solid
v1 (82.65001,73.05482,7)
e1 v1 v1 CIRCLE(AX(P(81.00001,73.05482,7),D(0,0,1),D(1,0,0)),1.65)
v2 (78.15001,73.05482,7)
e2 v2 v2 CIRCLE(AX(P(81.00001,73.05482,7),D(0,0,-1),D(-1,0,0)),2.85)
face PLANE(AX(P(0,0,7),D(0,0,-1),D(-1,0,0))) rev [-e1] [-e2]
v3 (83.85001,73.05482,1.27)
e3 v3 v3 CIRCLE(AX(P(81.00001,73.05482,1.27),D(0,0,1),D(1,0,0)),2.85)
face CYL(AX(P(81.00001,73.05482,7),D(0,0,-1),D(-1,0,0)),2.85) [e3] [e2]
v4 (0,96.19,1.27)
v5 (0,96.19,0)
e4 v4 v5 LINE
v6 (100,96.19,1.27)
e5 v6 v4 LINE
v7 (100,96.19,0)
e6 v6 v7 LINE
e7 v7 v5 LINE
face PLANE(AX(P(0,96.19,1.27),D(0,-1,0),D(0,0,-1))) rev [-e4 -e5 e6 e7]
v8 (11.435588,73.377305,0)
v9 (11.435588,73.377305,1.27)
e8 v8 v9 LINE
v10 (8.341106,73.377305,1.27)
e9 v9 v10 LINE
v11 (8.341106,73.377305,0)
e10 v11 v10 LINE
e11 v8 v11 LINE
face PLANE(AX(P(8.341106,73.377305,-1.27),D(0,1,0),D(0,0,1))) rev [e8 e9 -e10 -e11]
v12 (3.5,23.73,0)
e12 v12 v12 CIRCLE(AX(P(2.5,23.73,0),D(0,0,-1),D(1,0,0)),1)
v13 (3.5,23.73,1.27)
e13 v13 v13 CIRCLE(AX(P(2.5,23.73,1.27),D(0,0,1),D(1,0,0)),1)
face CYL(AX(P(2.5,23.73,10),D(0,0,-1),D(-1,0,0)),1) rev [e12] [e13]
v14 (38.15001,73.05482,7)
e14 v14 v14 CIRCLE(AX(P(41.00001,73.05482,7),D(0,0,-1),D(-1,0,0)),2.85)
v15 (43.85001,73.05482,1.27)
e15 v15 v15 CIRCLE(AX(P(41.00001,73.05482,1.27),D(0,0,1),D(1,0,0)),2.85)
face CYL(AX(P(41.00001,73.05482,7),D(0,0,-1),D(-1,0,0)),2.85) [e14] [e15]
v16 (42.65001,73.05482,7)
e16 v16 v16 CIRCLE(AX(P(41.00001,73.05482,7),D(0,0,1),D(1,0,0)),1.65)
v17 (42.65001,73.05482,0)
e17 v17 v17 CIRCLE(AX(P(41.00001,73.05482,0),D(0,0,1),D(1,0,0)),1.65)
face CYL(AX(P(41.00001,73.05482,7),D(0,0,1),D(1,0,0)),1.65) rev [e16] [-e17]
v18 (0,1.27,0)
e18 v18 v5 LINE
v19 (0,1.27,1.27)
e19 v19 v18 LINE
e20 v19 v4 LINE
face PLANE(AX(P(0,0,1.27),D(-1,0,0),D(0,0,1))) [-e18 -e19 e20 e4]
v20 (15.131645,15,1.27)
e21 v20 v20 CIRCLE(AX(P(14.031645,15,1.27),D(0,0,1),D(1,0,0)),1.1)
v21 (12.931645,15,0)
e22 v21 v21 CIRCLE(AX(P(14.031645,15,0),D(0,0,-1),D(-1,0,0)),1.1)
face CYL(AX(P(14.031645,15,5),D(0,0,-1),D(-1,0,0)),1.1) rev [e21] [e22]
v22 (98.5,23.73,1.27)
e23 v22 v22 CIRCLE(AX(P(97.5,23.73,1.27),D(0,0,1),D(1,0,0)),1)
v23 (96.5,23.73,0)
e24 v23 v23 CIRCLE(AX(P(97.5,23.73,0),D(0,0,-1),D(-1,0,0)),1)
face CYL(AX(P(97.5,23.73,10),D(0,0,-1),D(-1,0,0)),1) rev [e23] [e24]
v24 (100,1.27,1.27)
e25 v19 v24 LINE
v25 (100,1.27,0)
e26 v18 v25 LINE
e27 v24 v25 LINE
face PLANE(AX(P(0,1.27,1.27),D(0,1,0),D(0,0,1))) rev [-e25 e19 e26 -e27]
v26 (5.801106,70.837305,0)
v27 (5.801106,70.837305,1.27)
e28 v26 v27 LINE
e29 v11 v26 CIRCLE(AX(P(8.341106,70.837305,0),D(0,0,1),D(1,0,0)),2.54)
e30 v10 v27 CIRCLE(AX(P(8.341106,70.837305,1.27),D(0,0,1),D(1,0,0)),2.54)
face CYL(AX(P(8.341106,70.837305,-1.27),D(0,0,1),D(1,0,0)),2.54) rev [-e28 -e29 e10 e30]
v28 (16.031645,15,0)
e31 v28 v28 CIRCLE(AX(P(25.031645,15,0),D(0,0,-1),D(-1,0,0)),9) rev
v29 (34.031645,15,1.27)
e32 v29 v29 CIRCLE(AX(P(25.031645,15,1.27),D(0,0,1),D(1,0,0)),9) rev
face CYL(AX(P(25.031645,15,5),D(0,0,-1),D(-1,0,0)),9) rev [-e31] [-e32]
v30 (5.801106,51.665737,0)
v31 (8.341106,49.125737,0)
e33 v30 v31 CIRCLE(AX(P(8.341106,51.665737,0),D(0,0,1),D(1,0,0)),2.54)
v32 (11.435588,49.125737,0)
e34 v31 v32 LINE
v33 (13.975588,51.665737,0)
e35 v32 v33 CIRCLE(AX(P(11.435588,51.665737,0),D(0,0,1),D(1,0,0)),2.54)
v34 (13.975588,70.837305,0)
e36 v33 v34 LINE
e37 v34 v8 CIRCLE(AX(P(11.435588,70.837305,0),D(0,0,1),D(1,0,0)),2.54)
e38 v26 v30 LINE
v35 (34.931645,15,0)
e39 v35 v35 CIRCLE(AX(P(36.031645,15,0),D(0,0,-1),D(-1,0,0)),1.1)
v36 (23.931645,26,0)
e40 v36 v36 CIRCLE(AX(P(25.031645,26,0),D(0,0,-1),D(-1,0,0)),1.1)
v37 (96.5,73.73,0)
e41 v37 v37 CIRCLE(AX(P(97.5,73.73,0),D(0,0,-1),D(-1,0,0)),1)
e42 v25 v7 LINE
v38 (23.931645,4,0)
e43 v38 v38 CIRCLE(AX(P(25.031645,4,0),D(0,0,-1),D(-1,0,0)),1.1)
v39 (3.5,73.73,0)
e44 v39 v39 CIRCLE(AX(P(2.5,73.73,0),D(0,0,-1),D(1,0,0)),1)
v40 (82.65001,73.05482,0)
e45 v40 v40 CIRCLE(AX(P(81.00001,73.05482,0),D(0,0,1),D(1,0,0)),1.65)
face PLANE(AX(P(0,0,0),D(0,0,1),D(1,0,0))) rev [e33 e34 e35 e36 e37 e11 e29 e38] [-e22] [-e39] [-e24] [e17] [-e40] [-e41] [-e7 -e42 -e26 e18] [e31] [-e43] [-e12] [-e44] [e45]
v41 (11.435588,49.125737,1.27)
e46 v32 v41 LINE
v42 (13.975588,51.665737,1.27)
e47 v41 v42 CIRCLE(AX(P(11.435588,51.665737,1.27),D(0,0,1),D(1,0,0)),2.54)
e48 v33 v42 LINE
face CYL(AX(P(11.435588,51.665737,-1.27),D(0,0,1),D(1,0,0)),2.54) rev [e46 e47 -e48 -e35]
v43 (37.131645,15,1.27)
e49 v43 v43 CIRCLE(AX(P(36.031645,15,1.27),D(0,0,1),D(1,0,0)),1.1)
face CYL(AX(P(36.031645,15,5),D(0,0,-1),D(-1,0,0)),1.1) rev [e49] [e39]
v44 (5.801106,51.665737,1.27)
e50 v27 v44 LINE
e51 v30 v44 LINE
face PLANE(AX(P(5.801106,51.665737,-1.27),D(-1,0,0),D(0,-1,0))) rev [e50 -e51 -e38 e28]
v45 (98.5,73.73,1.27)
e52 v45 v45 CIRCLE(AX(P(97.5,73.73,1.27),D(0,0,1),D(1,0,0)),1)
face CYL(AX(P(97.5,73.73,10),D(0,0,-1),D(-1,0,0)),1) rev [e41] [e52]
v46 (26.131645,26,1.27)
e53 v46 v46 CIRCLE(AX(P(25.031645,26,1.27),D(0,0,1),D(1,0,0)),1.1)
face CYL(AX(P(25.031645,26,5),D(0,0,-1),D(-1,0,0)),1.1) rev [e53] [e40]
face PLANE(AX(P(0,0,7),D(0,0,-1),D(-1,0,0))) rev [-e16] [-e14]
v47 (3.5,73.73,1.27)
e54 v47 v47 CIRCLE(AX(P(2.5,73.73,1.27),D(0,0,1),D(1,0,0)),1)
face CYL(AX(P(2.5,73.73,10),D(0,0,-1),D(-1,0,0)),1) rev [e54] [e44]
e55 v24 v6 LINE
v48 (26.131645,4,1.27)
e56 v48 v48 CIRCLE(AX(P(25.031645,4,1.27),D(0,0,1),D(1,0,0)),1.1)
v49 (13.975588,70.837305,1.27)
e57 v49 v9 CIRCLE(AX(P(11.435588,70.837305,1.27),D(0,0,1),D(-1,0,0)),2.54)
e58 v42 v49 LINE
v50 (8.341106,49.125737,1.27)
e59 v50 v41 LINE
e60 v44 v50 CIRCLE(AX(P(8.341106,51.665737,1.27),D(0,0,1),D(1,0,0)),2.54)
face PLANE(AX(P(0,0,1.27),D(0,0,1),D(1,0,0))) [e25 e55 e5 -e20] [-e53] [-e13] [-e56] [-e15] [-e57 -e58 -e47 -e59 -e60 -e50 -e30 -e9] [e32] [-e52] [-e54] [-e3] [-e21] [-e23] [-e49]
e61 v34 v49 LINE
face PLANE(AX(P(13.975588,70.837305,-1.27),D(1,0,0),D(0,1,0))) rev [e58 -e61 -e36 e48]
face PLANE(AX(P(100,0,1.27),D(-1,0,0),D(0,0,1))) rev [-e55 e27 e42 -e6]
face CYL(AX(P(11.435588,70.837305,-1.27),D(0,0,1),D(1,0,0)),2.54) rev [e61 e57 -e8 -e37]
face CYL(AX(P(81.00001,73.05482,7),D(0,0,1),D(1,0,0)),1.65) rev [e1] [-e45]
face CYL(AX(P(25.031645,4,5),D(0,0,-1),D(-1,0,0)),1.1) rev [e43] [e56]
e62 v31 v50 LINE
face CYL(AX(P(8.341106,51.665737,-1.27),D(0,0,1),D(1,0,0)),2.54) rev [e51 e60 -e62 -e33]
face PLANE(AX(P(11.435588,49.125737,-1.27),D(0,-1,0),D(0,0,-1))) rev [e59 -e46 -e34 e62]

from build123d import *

# Parameters (mm, degrees)
SKETCH1_W             = 100
SKETCH1_H             = 94.92
BOSS_EXTRUDE1_DEPTH   = 1.27
SKETCH8_R             = 2.85
SKETCH8_R_2           = 2
BOSS_EXTRUDE3_DEPTH   = 7
M4X0_7_TAPPED_HOLE1_D = 3.3
SKETCH13_R            = 9
SKETCH13_R_2          = 1.1
CUT_EXTRUDE7_DEPTH    = 5
SKETCH14_R            = 1
CUT_EXTRUDE8_DEPTH    = 10
CUT_EXTRUDE9_DEPTH    = 2.54


with BuildPart() as part:
    # Sketch1 → Boss-Extrude1 (new body)
    with BuildSketch(Plane.XY):
        with Locations((50, 48.73)):
            Rectangle(SKETCH1_W, SKETCH1_H)
    extrude(amount=BOSS_EXTRUDE1_DEPTH)

    # Sketch8 → Boss-Extrude3 (add)
    with BuildSketch(Plane(origin=(0, 0, 0), x_dir=(-1, 0, 0), z_dir=(0, 0, -1))):
        with Locations((-81.00001, 73.05481987)):
            Circle(SKETCH8_R)
        with Locations((-81.00001, 73.05481987)):
            Circle(SKETCH8_R_2, mode=Mode.SUBTRACT)
        with Locations((-81.00001, 73.05481987)):
            Circle(SKETCH8_R_2)
        with Locations((-41.00001, 73.05481987)):
            Circle(SKETCH8_R)
        with Locations((-41.00001, 73.05481987)):
            Circle(SKETCH8_R_2, mode=Mode.SUBTRACT)
        with Locations((-41.00001, 73.05481987)):
            Circle(SKETCH8_R_2)
    extrude(amount=-BOSS_EXTRUDE3_DEPTH)

    # M4x0.7 Tapped Hole1 (through all)
    with Locations(Plane.XY.offset(7)):
        with Locations((81.00001, 73.05481987), (41.00001, 73.05481987)):
            Hole(M4X0_7_TAPPED_HOLE1_D / 2)

    # Sketch13 → Cut-Extrude7 (cut)
    with BuildSketch(Plane(origin=(0, 0, 0), x_dir=(-1, 0, 0), z_dir=(0, 0, -1))):
        with Locations((-25.031645402, 15)):
            Circle(SKETCH13_R)
        with Locations((-14.031645402, 15)):
            Circle(SKETCH13_R_2)
        with Locations((-25.031645402, 4)):
            Circle(SKETCH13_R_2)
        with Locations((-36.031645402, 15)):
            Circle(SKETCH13_R_2)
        with Locations((-25.031645402, 26)):
            Circle(SKETCH13_R_2)
    extrude(amount=-CUT_EXTRUDE7_DEPTH, mode=Mode.SUBTRACT)

    # Sketch14 → Cut-Extrude8 (cut)
    with BuildSketch(Plane(origin=(0, 0, 0), x_dir=(-1, 0, 0), z_dir=(0, 0, -1))):
        with Locations(Location((-2.5, 73.73, 0), (0, 0, 180))):
            Circle(SKETCH14_R)
        with Locations(Location((-2.5, 23.73, 0), (0, 0, 180))):
            Circle(SKETCH14_R)
        with Locations((-97.5, 23.73)):
            Circle(SKETCH14_R)
        with Locations((-97.5, 73.73)):
            Circle(SKETCH14_R)
    extrude(amount=-CUT_EXTRUDE8_DEPTH, mode=Mode.SUBTRACT)

    # Sketch15 → Cut-Extrude9 (cut)
    with BuildSketch(Plane.XY.offset(1.27)):
        with BuildLine():
            Line((5.801106051, 51.665736829), (5.801106051, 70.837304612))
            ThreePointArc((5.801106051, 70.837304612), (6.545054826, 72.633355836), (8.341106051, 73.377304612))
            Line((8.341106051, 73.377304612), (11.435588088, 73.377304612))
            ThreePointArc((11.435588088, 73.377304612), (13.231639313, 72.633355836), (13.975588088, 70.837304612))
            Line((13.975588088, 70.837304612), (13.975588088, 51.665736829))
            ThreePointArc((13.975588088, 51.665736829), (13.231639313, 49.869685605), (11.435588088, 49.125736829))
            Line((11.435588088, 49.125736829), (8.341106051, 49.125736829))
            ThreePointArc((8.341106051, 49.125736829), (6.545054826, 49.869685605), (5.801106051, 51.665736829))
        make_face()
    extrude(amount=-CUT_EXTRUDE9_DEPTH, mode=Mode.SUBTRACT)


solid = part.part
